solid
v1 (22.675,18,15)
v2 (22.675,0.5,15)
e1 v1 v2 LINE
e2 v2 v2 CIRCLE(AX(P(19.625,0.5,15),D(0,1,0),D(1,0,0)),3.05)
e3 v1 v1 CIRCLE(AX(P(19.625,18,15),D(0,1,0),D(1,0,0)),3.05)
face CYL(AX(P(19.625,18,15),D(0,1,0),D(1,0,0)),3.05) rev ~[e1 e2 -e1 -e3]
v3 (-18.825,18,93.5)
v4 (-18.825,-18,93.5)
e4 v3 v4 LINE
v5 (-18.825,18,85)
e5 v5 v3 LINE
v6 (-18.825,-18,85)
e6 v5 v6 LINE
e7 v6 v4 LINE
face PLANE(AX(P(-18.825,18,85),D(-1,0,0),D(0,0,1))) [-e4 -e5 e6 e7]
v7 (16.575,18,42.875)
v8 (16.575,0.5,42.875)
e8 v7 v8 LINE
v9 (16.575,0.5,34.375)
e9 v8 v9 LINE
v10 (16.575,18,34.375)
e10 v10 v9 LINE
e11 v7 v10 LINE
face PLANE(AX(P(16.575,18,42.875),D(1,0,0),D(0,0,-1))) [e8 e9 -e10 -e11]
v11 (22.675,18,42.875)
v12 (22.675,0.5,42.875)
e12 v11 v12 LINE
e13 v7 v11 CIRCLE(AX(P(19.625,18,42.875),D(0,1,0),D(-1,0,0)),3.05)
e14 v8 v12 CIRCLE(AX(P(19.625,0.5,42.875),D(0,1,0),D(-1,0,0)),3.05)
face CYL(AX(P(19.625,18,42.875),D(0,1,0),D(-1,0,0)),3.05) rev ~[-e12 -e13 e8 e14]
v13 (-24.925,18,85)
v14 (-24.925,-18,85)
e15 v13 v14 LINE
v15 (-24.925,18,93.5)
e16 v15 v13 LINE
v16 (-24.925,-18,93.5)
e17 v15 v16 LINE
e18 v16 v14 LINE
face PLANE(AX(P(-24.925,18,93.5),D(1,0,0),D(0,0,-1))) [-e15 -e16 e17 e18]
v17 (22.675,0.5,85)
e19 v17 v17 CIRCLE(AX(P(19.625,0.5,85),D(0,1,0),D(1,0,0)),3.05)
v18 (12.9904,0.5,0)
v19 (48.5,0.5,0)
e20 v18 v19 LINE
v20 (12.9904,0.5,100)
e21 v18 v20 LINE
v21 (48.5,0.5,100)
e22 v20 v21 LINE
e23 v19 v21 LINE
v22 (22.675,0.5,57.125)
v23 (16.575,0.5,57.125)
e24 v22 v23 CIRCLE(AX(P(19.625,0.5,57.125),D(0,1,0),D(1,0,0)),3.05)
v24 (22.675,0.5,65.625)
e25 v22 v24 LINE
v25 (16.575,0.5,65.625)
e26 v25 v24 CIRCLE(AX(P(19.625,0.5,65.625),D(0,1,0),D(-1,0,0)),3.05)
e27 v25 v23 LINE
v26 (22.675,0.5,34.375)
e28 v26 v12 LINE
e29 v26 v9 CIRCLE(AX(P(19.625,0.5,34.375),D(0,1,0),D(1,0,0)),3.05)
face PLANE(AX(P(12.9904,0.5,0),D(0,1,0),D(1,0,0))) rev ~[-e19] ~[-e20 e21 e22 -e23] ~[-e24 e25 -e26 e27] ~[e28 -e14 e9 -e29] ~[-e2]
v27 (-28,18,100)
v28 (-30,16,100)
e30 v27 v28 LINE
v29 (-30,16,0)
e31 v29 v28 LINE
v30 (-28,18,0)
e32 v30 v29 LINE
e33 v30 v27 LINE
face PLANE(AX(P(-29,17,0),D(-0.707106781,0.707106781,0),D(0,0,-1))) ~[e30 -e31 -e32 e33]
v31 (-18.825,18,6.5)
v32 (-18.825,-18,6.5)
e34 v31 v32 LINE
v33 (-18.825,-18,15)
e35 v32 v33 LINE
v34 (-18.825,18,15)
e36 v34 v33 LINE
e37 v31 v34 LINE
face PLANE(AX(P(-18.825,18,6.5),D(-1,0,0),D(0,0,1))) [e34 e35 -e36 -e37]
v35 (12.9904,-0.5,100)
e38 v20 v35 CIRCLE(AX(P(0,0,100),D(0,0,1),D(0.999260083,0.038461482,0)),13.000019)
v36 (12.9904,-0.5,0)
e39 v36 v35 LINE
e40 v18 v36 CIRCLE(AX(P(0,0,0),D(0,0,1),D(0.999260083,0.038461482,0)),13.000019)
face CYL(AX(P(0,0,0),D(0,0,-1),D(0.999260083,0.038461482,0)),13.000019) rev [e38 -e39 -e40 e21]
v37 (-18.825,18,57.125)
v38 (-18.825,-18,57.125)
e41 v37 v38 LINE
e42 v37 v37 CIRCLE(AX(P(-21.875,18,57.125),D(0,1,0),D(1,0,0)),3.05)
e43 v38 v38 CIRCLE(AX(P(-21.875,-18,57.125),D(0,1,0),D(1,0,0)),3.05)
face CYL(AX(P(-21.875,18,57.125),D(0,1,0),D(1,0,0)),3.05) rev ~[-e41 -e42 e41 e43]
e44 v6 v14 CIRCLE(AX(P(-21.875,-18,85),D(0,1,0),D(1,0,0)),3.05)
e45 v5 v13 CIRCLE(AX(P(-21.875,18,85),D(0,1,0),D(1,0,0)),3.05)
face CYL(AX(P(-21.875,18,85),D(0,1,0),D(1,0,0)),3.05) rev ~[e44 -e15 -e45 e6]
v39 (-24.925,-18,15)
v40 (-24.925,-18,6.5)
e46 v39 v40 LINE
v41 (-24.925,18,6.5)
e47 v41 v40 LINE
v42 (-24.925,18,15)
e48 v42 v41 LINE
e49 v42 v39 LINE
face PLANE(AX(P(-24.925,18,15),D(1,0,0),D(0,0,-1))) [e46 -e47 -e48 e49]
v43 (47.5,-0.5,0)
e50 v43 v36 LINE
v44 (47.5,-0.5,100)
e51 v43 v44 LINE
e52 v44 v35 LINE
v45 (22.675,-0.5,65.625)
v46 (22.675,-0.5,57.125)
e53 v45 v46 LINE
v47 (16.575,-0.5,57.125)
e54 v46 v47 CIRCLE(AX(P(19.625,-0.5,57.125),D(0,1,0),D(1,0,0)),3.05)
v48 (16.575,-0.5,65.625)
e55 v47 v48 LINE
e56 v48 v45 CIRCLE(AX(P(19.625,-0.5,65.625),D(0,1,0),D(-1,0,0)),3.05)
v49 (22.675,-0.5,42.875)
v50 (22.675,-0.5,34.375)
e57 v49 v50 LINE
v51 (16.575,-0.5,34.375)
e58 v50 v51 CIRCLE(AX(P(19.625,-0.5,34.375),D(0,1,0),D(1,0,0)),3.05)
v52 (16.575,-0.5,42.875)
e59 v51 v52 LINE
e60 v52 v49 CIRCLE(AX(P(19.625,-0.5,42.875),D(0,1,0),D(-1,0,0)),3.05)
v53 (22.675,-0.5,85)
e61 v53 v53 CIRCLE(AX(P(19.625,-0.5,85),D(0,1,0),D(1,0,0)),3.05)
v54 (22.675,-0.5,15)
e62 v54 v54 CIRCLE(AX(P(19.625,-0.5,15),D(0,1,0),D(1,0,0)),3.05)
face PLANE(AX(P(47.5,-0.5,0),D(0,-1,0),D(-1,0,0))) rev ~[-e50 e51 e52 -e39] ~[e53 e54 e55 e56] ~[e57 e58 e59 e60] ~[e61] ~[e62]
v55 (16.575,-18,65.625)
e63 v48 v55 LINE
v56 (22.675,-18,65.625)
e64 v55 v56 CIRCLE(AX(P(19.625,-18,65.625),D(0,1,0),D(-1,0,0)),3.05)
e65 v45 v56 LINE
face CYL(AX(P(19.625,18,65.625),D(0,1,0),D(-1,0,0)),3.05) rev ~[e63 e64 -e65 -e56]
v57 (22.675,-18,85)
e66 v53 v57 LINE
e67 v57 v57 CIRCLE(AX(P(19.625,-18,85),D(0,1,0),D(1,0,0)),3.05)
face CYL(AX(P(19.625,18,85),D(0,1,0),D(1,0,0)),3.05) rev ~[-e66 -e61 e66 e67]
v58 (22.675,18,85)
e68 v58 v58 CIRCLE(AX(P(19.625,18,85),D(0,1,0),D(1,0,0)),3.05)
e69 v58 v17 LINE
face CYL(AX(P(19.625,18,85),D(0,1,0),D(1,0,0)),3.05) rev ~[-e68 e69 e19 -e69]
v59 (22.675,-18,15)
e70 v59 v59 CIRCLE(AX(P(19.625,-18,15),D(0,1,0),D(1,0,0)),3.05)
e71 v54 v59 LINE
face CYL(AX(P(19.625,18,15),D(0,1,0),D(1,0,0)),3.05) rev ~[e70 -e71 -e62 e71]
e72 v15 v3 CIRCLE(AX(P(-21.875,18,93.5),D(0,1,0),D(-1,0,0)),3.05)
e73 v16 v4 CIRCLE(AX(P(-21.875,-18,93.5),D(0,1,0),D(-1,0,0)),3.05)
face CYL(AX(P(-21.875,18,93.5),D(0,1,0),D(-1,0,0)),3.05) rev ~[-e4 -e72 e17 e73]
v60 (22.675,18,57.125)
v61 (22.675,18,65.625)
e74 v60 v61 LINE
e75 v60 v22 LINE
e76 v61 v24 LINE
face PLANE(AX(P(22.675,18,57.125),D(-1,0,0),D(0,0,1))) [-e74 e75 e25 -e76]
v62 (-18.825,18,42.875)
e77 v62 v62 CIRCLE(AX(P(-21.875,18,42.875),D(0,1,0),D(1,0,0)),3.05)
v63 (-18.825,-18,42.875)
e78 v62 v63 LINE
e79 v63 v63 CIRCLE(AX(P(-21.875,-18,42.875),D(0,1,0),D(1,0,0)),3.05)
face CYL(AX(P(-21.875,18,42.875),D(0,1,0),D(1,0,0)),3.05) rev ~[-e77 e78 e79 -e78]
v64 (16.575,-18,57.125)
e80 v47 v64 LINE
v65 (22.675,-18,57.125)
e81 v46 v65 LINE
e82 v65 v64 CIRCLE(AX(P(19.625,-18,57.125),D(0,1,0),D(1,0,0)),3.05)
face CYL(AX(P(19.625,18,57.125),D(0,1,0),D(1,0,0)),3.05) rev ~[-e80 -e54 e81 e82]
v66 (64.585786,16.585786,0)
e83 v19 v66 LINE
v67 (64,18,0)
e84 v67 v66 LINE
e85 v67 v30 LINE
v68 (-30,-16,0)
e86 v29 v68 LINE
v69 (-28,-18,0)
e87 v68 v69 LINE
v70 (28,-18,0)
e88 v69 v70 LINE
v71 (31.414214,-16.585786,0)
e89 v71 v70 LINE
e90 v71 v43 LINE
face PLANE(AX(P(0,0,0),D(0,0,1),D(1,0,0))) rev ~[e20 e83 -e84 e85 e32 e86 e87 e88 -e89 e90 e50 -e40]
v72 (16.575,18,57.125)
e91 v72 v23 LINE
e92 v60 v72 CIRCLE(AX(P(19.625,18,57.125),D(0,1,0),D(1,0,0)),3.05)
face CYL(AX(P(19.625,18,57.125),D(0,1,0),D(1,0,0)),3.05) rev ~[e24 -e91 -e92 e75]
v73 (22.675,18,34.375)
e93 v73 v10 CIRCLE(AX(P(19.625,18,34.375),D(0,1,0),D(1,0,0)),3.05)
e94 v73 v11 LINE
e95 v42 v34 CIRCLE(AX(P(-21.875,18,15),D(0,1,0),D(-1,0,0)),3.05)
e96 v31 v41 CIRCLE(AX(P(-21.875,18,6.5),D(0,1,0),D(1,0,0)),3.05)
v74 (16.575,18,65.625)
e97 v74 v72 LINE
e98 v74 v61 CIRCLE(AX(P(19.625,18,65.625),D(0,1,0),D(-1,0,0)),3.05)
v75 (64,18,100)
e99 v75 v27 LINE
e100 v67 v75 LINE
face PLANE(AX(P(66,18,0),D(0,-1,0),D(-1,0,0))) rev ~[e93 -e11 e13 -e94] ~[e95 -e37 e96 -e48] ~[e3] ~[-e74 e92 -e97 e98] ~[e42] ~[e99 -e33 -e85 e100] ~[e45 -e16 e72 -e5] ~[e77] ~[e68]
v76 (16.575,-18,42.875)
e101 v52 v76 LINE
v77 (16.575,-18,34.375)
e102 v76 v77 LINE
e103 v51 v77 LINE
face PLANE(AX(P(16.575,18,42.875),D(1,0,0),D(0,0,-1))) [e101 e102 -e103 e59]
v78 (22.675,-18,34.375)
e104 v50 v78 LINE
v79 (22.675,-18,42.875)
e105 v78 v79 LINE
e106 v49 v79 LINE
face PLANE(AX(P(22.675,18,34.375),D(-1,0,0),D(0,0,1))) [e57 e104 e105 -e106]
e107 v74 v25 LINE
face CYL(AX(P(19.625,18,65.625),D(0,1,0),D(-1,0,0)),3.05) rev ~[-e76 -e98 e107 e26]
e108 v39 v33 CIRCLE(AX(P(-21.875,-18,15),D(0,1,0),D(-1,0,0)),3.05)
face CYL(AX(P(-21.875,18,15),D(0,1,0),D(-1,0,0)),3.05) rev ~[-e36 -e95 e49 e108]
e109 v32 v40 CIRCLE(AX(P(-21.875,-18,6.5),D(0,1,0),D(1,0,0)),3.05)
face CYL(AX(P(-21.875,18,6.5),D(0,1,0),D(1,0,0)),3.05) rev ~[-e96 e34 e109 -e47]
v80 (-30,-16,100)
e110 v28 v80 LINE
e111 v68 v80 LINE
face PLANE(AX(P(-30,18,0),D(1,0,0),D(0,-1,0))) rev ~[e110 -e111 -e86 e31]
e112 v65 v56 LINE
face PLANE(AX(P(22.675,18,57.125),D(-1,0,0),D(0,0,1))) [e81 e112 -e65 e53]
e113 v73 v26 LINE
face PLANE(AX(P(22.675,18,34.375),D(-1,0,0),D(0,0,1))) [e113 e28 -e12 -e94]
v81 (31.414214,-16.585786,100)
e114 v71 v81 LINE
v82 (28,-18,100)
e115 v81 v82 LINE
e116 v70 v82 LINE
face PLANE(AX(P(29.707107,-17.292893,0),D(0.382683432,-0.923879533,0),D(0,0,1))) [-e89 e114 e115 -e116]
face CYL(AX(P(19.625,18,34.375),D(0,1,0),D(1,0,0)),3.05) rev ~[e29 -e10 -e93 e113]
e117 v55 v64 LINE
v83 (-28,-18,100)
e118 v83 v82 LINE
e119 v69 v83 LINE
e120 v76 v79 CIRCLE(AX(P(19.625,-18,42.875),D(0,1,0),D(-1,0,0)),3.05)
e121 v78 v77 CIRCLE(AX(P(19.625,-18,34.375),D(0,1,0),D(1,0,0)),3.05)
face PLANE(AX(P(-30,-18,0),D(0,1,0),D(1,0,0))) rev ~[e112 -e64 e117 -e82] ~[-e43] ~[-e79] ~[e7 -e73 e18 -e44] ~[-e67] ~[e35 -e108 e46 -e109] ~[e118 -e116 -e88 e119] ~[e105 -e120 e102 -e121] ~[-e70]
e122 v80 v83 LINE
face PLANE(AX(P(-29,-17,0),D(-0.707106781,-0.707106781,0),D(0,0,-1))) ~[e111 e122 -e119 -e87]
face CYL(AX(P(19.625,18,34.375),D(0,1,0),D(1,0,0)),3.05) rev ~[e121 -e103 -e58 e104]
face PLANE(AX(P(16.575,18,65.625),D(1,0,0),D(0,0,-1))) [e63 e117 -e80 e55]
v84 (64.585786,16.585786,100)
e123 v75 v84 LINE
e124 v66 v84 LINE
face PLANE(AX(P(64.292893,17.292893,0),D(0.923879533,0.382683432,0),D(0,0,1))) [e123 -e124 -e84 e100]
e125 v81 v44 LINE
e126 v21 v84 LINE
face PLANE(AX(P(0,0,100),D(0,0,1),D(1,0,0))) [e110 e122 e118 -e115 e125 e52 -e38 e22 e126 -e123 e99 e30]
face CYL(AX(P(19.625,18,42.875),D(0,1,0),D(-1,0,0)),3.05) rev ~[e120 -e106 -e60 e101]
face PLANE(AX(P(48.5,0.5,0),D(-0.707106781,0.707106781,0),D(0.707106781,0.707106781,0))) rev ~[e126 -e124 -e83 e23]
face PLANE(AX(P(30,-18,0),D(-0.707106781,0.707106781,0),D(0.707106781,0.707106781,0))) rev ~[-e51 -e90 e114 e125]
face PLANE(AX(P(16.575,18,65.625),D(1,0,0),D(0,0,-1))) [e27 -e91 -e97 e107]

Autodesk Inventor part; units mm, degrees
ref_plane "YZ Plane" through (0, 0, 0) normal (1, 0, 0) x (0, 1, 0)
ref_plane "XZ Plane" through (0, 0, 0) normal (0, 1, 0) x (-1, 0, 0)
ref_plane "XY Plane" through (0, 0, 0) normal (0, 0, 1) x (1, 0, 0)
sketch "Sketch1" plane through (0, 0, 0) normal (0, 0, 1) x (1, 0, 0)
  line L0 (66, 18) -> (-30, 18) construction
  line L1 (-30, -18) -> (30, -18) construction
  line L2 (30, -18) -> (33.623, -14.377) construction
  line L3 (47.5, -0.5) -> (33.623, -14.377) construction
  line L4 (-30, 18) -> (-30, -18)
  line L5 (-30, -18) -> (30, -18)
  line L6 (30, -18) -> (47.5, -0.5)
  line L7 (47.5, -0.5) -> (12.9904, -0.5)
  line L8 (12.9904, 0.5) -> (48.5, 0.5)
  line L9 (48.5, 0.5) -> (66, 18)
  line L10 (66, 18) -> (-30, 18)
  arc A0 (12.9904, 0.5) -> (12.9904, -0.5) centre (0, 0) ccw
  line L11 (12.9904, 0.5) -> (12.9904, -0.5) construction
  point P0 (-30, 0)
  point P1 (18, 18)
  dimension "d2" = 36
  dimension "d4" = 60
  dimension "d5" = 135
  dimension "d7" = 13
  dimension "d10" = 1
  dimension "d12" = 30
extrude "Extrusion1" add sketch "Sketch1" along normal blind 100
sketch "Sketch2" plane through (-30, 18, 0) normal (0, 1, 0) x (1, 0, 0)
  line L0 (118, 0) -> (118, -100) projected
  line L1 (118, 0) -> (2, 0) projected
  line L2 (2, -100) -> (2, 0) projected
  line L3 (2, -100) -> (118, -100) projected
  line L4 (108.825, -15) -> (108.825, -6.5) projected
  arc A0 (114.925, -6.5) -> (108.825, -6.5) centre (111.875, -6.5) ccw projected
  line L5 (114.925, -6.5) -> (114.925, -15) projected
  arc A1 (108.825, -15) -> (114.925, -15) centre (111.875, -15) ccw projected
  line L6 (5.075, -15) -> (5.075, -6.5) projected
  arc A2 (11.175, -6.5) -> (5.075, -6.5) centre (8.125, -6.5) ccw projected
  line L7 (11.175, -6.5) -> (11.175, -15) projected
  arc A3 (5.075, -15) -> (11.175, -15) centre (8.125, -15) ccw projected
  circle A4 centre (49.625, -15) radius 3.05 projected
  circle A5 centre (70.375, -15) radius 3.05 projected
  circle A6 centre (70.375, -85) radius 3.05 projected
  circle A7 centre (49.625, -85) radius 3.05 projected
  line L8 (114.925, -85) -> (114.925, -93.5) projected
  arc A8 (108.825, -93.5) -> (114.925, -93.5) centre (111.875, -93.5) ccw projected
  line L9 (108.825, -93.5) -> (108.825, -85) projected
  arc A9 (114.925, -85) -> (108.825, -85) centre (111.875, -85) ccw projected
  circle A10 centre (111.875, -57.125) radius 3.05 projected
  line L10 (67.325, -42.875) -> (67.325, -34.375) projected
  arc A11 (73.425, -34.375) -> (67.325, -34.375) centre (70.375, -34.375) ccw projected
  line L11 (73.425, -34.375) -> (73.425, -42.875) projected
  arc A12 (67.325, -42.875) -> (73.425, -42.875) centre (70.375, -42.875) ccw projected
  circle A13 centre (8.125, -42.875) radius 3.05 projected
  circle A14 centre (111.875, -42.875) radius 3.05 projected
  line L12 (46.575, -42.875) -> (46.575, -34.375) projected
  arc A15 (52.675, -34.375) -> (46.575, -34.375) centre (49.625, -34.375) ccw projected
  line L13 (52.675, -34.375) -> (52.675, -42.875) projected
  arc A16 (46.575, -42.875) -> (52.675, -42.875) centre (49.625, -42.875) ccw projected
  circle A17 centre (8.125, -57.125) radius 3.05 projected
  line L14 (46.575, -65.625) -> (46.575, -57.125) projected
  arc A18 (52.675, -57.125) -> (46.575, -57.125) centre (49.625, -57.125) ccw projected
  line L15 (52.675, -57.125) -> (52.675, -65.625) projected
  arc A19 (46.575, -65.625) -> (52.675, -65.625) centre (49.625, -65.625) ccw projected
  line L16 (5.075, -93.5) -> (5.075, -85) projected
  arc A20 (11.175, -85) -> (5.075, -85) centre (8.125, -85) ccw projected
  line L17 (11.175, -85) -> (11.175, -93.5) projected
  arc A21 (5.075, -93.5) -> (11.175, -93.5) centre (8.125, -93.5) ccw projected
  line L18 (67.325, -65.625) -> (67.325, -57.125) projected
  arc A22 (73.425, -57.125) -> (67.325, -57.125) centre (70.375, -57.125) ccw projected
  line L19 (73.425, -57.125) -> (73.425, -65.625) projected
  arc A23 (67.325, -65.625) -> (73.425, -65.625) centre (70.375, -65.625) ccw projected
  point P0 (30, 0)
extrude "Extrusion2" cut sketch "Sketch2" against normal through all contours L6 A2 L7 A3 | A4 | A7 | A13 | L12 A15 L13 A16 | A17 | L14 A18 L15 A19 | L16 A20 L17 A21
chamfer "Chamfer1" distance 2 angle 45 4 edges at (-30, 18, 50) (-30, -18, 50) (66, 18, 50) (30, -18, 50)
properties part number "AXTSC" material "PC/ABS Plastic"
